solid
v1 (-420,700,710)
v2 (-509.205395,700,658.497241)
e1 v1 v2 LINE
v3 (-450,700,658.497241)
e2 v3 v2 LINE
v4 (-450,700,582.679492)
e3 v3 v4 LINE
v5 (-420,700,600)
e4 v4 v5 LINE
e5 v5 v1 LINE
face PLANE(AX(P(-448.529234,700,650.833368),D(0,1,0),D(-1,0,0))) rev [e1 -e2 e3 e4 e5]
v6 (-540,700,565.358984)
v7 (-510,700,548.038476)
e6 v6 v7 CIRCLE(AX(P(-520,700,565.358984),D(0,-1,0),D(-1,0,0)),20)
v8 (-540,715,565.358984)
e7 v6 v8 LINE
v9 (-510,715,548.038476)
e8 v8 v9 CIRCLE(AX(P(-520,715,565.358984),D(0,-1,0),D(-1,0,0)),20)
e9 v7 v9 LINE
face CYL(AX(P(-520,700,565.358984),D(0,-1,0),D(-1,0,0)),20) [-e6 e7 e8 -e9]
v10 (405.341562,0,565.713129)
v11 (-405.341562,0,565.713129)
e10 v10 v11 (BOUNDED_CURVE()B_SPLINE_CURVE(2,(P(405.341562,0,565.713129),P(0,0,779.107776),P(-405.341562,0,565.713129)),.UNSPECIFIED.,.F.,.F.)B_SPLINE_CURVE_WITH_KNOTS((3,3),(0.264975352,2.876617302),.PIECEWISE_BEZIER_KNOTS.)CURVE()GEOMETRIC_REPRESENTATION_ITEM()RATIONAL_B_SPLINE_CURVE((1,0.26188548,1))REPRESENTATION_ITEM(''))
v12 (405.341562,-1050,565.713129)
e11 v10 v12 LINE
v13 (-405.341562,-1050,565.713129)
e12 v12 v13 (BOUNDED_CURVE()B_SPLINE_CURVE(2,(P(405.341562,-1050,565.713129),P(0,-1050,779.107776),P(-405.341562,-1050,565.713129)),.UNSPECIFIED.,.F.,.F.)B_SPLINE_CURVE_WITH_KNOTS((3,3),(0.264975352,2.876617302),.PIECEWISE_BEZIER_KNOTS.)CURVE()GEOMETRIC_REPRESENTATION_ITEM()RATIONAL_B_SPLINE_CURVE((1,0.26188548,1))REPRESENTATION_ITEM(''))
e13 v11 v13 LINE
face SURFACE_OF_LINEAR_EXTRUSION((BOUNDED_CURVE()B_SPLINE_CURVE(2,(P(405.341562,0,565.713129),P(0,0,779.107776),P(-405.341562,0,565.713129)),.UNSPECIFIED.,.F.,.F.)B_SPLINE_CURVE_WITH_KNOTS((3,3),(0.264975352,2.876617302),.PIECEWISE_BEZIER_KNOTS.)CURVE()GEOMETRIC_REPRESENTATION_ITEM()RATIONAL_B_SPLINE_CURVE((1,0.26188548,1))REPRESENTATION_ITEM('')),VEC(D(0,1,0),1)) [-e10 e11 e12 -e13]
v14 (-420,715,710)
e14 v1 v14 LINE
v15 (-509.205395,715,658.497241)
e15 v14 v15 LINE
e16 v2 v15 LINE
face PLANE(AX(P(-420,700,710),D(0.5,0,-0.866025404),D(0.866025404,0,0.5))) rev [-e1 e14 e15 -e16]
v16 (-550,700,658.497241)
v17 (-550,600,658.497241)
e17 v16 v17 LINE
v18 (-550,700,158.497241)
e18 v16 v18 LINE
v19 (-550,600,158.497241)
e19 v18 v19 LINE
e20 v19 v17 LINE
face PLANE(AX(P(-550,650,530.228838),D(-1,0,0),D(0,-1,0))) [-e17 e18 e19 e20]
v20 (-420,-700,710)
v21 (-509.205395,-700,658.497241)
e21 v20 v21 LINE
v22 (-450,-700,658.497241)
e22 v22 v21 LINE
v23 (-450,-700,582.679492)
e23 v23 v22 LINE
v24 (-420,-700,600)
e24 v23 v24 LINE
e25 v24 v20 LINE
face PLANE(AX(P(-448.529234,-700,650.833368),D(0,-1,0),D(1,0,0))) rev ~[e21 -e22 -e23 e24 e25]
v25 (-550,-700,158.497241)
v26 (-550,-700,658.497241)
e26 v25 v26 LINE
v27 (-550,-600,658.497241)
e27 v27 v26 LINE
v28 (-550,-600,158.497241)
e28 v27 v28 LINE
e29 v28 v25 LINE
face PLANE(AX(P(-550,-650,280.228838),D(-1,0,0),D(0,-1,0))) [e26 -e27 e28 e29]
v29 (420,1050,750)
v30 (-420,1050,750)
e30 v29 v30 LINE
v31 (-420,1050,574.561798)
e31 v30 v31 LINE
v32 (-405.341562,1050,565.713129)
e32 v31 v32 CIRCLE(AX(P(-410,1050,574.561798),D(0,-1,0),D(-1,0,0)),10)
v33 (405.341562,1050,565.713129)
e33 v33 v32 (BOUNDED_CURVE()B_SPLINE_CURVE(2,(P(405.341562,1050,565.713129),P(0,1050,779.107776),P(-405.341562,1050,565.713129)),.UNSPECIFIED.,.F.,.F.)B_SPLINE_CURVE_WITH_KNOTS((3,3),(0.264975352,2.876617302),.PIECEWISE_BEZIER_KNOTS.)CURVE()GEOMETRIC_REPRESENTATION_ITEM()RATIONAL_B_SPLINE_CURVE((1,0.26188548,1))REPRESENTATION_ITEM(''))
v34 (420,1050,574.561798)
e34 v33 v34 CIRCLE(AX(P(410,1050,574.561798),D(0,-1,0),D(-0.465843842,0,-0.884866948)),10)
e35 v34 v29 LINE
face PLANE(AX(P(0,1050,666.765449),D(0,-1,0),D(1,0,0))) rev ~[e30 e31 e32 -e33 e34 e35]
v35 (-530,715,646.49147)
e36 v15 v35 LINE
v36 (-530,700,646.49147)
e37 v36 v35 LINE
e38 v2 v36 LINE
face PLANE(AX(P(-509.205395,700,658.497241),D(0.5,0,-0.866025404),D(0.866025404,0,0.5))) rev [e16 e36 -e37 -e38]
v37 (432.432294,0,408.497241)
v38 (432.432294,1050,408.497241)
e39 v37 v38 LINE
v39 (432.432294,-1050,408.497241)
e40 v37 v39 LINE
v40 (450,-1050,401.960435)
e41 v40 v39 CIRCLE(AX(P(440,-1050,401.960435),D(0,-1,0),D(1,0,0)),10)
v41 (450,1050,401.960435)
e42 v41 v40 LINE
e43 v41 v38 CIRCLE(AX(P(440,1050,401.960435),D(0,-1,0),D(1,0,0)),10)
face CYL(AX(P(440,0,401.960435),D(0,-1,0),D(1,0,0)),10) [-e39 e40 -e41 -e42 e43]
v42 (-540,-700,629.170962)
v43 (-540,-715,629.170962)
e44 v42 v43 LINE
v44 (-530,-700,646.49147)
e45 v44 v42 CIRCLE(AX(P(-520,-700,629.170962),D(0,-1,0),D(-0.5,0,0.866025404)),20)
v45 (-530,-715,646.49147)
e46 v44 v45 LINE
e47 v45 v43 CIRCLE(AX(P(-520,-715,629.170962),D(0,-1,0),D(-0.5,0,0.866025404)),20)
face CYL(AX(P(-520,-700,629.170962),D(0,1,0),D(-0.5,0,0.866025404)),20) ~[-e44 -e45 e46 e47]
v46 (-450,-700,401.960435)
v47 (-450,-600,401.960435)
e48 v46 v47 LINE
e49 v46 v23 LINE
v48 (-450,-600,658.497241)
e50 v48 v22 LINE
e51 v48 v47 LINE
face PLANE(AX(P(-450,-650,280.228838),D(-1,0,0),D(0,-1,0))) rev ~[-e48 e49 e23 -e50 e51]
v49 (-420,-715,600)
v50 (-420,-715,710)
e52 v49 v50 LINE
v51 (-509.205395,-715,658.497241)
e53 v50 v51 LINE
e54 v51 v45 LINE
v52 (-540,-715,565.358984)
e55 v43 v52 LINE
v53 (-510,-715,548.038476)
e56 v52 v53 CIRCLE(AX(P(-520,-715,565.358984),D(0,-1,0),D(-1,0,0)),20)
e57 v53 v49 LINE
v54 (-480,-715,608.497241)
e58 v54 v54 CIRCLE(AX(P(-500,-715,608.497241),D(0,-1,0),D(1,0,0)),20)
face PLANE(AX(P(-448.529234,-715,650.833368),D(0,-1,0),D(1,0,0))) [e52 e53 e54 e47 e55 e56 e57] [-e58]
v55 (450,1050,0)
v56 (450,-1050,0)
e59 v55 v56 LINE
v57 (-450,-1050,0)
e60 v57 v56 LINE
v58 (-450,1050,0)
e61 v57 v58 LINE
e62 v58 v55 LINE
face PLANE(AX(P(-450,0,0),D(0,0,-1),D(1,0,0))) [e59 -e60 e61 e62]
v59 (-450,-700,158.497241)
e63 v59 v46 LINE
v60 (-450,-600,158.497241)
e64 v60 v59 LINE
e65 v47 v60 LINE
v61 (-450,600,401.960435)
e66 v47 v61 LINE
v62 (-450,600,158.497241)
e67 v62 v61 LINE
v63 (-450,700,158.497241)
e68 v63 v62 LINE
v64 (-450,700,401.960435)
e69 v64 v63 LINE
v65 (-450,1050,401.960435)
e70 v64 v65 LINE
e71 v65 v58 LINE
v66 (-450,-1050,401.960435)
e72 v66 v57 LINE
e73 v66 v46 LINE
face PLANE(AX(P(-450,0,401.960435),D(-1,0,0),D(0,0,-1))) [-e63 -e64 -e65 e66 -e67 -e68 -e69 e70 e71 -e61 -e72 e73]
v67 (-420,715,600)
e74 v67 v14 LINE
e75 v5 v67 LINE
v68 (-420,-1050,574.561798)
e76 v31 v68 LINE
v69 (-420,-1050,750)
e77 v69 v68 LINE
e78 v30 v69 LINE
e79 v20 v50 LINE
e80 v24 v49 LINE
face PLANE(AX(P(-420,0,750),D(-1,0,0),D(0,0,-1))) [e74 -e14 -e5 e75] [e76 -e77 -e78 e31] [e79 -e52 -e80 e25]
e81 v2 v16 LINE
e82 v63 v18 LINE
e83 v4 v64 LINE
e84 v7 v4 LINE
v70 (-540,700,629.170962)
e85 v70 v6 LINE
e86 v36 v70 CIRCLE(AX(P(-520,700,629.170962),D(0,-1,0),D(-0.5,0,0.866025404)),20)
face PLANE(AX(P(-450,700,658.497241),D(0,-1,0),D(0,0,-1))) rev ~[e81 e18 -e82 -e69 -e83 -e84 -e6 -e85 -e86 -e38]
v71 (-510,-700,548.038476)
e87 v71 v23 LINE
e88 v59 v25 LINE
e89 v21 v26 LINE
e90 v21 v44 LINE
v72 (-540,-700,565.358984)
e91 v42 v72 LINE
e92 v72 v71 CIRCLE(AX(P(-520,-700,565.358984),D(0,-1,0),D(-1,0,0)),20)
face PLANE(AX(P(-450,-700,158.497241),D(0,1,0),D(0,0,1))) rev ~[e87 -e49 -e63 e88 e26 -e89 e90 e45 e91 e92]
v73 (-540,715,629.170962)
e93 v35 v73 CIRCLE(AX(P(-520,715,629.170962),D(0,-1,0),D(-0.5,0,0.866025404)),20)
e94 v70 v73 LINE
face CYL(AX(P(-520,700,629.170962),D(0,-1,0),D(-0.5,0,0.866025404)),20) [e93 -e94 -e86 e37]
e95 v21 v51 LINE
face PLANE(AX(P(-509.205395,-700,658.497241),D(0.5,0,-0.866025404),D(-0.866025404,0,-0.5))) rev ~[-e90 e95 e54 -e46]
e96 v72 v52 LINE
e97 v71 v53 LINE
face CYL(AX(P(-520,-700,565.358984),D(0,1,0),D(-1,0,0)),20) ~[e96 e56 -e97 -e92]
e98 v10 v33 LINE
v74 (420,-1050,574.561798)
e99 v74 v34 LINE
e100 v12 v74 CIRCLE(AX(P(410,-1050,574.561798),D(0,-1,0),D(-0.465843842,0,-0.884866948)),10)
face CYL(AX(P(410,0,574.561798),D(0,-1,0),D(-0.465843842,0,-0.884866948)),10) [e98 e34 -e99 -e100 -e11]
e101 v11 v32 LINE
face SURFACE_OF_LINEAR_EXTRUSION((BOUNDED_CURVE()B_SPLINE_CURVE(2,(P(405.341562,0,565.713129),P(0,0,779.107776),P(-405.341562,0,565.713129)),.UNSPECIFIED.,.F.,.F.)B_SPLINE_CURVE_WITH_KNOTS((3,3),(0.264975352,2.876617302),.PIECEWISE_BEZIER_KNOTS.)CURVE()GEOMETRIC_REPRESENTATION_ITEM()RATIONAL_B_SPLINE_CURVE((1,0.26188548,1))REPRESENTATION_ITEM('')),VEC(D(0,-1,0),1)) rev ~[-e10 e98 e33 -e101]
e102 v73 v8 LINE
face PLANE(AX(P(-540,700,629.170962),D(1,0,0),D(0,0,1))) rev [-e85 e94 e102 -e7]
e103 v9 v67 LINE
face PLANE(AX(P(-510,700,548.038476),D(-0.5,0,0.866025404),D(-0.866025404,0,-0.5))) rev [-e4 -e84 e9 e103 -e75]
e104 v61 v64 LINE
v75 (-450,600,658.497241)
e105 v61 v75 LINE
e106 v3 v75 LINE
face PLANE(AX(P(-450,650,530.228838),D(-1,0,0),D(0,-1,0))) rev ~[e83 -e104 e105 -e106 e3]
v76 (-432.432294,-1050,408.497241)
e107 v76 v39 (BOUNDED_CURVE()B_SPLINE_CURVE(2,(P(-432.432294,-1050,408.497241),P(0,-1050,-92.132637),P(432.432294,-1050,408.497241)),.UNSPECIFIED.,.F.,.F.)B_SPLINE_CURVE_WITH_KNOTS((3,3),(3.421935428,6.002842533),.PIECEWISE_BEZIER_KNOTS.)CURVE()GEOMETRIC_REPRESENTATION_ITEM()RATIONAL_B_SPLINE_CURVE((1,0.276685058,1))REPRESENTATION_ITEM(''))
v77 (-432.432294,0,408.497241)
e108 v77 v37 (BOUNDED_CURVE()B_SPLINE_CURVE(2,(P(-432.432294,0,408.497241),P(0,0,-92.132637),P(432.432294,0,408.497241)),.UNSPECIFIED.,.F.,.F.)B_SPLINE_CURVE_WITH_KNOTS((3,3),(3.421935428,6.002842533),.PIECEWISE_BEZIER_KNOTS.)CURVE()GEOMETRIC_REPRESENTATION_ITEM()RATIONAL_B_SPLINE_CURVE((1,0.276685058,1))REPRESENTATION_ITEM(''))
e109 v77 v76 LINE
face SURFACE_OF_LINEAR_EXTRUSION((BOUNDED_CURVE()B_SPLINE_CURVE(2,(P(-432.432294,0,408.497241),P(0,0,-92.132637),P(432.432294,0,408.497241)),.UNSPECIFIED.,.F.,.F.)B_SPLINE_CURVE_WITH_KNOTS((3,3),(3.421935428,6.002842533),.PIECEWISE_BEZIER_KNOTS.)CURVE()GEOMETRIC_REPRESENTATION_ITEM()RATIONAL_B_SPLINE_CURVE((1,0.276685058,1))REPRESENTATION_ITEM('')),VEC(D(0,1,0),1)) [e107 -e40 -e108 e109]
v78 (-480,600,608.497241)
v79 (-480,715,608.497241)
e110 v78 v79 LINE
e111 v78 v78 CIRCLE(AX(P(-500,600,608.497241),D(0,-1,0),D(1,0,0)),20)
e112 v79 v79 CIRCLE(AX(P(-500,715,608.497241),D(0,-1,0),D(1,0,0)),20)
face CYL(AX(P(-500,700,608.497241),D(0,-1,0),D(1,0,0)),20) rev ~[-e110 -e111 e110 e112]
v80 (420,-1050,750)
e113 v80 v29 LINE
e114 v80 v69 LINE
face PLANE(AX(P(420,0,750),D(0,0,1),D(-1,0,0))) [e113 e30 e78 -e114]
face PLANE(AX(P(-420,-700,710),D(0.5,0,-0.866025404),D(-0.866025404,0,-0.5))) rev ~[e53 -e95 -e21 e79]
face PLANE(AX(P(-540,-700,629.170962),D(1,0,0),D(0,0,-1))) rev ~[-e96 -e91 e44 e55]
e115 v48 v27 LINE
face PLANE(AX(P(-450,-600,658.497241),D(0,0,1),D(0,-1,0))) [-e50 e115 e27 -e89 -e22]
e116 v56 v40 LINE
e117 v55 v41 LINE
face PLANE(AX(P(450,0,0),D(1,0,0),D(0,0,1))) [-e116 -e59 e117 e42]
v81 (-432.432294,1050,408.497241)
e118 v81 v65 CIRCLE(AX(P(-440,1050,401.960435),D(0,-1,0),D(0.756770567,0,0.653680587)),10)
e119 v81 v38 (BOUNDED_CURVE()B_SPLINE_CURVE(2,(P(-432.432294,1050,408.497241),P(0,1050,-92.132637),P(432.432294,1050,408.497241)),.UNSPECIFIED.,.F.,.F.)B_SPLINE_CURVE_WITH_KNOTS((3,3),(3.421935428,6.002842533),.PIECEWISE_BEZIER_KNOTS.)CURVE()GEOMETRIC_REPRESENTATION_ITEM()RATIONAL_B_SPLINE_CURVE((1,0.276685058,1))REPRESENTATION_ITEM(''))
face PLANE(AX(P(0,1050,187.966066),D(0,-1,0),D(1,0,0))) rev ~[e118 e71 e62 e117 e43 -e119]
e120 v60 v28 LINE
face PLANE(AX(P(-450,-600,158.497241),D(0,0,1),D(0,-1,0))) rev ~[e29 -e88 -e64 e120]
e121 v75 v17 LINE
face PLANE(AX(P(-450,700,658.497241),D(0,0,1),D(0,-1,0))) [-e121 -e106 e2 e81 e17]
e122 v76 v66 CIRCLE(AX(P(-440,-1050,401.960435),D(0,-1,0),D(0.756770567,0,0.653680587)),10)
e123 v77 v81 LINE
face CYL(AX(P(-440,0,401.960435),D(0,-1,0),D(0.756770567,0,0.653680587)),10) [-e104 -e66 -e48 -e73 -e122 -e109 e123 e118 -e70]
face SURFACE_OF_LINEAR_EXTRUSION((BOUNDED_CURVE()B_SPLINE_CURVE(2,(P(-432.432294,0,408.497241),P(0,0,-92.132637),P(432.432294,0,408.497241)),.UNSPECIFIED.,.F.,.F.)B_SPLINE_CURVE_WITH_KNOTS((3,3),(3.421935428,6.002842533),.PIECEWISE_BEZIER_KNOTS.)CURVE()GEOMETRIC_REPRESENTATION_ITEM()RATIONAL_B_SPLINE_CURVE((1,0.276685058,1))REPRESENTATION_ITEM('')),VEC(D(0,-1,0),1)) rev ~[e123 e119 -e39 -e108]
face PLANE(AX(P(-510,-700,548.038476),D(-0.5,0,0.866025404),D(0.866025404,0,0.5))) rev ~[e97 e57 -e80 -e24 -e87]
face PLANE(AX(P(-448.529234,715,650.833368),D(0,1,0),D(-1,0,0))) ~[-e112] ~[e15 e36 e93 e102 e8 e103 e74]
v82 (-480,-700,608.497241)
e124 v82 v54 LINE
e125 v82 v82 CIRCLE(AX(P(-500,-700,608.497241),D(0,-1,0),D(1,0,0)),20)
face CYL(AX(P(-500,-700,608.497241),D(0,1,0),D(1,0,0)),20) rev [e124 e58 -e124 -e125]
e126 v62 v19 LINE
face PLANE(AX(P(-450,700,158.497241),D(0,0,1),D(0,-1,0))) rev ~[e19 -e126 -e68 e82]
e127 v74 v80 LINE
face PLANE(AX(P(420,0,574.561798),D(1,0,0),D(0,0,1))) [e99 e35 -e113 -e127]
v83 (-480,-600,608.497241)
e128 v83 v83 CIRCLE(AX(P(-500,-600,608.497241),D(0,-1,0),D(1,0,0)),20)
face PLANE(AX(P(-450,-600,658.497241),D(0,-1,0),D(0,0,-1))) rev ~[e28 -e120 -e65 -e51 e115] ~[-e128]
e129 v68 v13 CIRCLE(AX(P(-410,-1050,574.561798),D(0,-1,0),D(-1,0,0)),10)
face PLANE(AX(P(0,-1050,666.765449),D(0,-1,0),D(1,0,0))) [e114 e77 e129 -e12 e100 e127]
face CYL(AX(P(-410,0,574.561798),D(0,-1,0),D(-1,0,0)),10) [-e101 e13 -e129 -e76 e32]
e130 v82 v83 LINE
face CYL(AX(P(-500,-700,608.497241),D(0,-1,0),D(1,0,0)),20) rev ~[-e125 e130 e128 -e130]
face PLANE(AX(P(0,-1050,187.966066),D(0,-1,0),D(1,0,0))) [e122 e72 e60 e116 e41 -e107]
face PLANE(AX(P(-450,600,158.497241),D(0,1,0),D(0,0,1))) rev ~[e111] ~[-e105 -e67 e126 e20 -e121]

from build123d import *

# Parameters (mm, degrees)
F1_DEPTH      = 1050
F1_DEPTH_BACK = 1050
F2_W          = 100
F2_H          = 256.5368058683
F2_H_2        = 243.4631941317
F3_DEPTH      = 100
F4_R          = 20
F5_DEPTH      = 1400
F7_DEPTH      = 1050
F7_DEPTH_BACK = 1050
F8_R          = 20
F9_DEPTH      = 15


with BuildPart() as f1:
    # F0 (on Front) → F1 (new body, two sides)
    with BuildSketch(Plane.XZ) as f1_sk:
        with BuildLine():
            Line((-450, 0), (0, 0))
            Line((0, 0), (450, 0))
            Line((450, 0), (450, 401.9604354327))
            ThreePointArc((450, 401.9604354327), (443.487330164, 411.3326565317), (432.4322943345, 408.4972413011))
            add(Edge.make_bspline(
                [(-432.4322943345, 408.4972413011), (4.257e-07, -92.1326371016), (432.4322943997, 408.4972413765)],
                knots=[3.4219354285, 3.4219354285, 3.4219354285, 6.0028425328, 6.0028425328, 6.0028425328], degree=2, weights=[1, 0.2766850577, 1]))
            ThreePointArc((-432.4322943345, 408.4972413011), (-443.487330164, 411.3326565317), (-450, 401.9604354327))
            Line((-450, 401.9604354327), (-450, 0))
        make_face()
    extrude(amount=F1_DEPTH)
    extrude(f1_sk.sketch, amount=-F1_DEPTH_BACK)

    # F2 (on face) → F3 (join)
    with BuildSketch(Plane(origin=(-450, 0, 0), x_dir=(0, -1, 0), z_dir=(-1, 0, 0))):
        with Locations((-650, 530.2288383669)):
            Rectangle(F2_W, F2_H)
        with Locations((-650, 280.2288383669)):
            Rectangle(F2_W, F2_H_2)
        with Locations((650, 280.2288383669)):
            Rectangle(F2_W, F2_H_2)
        with Locations((650, 530.2288383669)):
            Rectangle(F2_W, F2_H)
    extrude(amount=F3_DEPTH)

    # F4 (on face) → F5 (cut, through all)
    with BuildSketch(Plane.XZ.offset(700)):
        with Locations((-500, 608.4972413011)):
            Circle(F4_R)
    extrude(amount=-F5_DEPTH, mode=Mode.SUBTRACT)



with BuildPart() as f7:
    # F6 (on Front) → F7 (new body, two sides)
    with BuildSketch(Plane.XZ) as f7_sk:
        with BuildLine():
            Line((420, 750), (0, 750))
            Line((0, 750), (-420, 750))
            Line((-420, 750), (-420, 574.5617983004))
            ThreePointArc((-420, 574.5617983004), (-415.1679597445, 566.0007123834), (-405.3415615842, 565.7131288227))
            add(Edge.make_bspline(
                [(405.3415615842, 565.7131288227), (0, 779.1077760916), (-405.3415615842, 565.7131288227)],
                knots=[0.2649753519, 0.2649753519, 0.2649753519, 2.8766173017, 2.8766173017, 2.8766173017], degree=2, weights=[1, 0.2618854804, 1]))
            ThreePointArc((405.3415615842, 565.7131288227), (415.1679597445, 566.0007123834), (420, 574.5617983004))
            Line((420, 574.5617983004), (420, 750))
        make_face()
    extrude(amount=F7_DEPTH)
    extrude(f7_sk.sketch, amount=-F7_DEPTH_BACK)


with BuildPart() as f1_1:
    add(f1.part)

    add(f7.part)  # F9 merges F7
    # F8 (on face) → F9 (join)
    with BuildSketch(Plane.XZ.offset(700)):
        Polygon((-420, 600), (-420, 710), (-509.2053947965, 658.4972413011), (-450, 658.4972413011), (-450, 582.6794919243), align=None)
        with BuildLine():
            Line((-450, 658.4972413011), (-509.2053947965, 658.4972413011))
            Line((-509.2053947965, 658.4972413011), (-530, 646.4914703891))
            ThreePointArc((-530, 646.4914703891), (-537.3205080757, 639.1709623135), (-540, 629.1709623135))
            Line((-540, 629.1709623135), (-540, 565.3589838486))
            ThreePointArc((-540, 565.3589838486), (-530, 548.0384757729), (-510, 548.0384757729))
            Line((-510, 548.0384757729), (-450, 582.6794919243))
            Line((-450, 582.6794919243), (-450, 658.4972413011))
        make_face()
        with Locations((-500, 608.4972413011)):
            Circle(F8_R, mode=Mode.SUBTRACT)
    extrude(amount=F9_DEPTH)

    # F10: F1 across plane


with BuildPart() as f1_2:
    add(f1_1.part)
    add(f1_1.part.mirror(Plane.XZ))


solid = f1_2.part
